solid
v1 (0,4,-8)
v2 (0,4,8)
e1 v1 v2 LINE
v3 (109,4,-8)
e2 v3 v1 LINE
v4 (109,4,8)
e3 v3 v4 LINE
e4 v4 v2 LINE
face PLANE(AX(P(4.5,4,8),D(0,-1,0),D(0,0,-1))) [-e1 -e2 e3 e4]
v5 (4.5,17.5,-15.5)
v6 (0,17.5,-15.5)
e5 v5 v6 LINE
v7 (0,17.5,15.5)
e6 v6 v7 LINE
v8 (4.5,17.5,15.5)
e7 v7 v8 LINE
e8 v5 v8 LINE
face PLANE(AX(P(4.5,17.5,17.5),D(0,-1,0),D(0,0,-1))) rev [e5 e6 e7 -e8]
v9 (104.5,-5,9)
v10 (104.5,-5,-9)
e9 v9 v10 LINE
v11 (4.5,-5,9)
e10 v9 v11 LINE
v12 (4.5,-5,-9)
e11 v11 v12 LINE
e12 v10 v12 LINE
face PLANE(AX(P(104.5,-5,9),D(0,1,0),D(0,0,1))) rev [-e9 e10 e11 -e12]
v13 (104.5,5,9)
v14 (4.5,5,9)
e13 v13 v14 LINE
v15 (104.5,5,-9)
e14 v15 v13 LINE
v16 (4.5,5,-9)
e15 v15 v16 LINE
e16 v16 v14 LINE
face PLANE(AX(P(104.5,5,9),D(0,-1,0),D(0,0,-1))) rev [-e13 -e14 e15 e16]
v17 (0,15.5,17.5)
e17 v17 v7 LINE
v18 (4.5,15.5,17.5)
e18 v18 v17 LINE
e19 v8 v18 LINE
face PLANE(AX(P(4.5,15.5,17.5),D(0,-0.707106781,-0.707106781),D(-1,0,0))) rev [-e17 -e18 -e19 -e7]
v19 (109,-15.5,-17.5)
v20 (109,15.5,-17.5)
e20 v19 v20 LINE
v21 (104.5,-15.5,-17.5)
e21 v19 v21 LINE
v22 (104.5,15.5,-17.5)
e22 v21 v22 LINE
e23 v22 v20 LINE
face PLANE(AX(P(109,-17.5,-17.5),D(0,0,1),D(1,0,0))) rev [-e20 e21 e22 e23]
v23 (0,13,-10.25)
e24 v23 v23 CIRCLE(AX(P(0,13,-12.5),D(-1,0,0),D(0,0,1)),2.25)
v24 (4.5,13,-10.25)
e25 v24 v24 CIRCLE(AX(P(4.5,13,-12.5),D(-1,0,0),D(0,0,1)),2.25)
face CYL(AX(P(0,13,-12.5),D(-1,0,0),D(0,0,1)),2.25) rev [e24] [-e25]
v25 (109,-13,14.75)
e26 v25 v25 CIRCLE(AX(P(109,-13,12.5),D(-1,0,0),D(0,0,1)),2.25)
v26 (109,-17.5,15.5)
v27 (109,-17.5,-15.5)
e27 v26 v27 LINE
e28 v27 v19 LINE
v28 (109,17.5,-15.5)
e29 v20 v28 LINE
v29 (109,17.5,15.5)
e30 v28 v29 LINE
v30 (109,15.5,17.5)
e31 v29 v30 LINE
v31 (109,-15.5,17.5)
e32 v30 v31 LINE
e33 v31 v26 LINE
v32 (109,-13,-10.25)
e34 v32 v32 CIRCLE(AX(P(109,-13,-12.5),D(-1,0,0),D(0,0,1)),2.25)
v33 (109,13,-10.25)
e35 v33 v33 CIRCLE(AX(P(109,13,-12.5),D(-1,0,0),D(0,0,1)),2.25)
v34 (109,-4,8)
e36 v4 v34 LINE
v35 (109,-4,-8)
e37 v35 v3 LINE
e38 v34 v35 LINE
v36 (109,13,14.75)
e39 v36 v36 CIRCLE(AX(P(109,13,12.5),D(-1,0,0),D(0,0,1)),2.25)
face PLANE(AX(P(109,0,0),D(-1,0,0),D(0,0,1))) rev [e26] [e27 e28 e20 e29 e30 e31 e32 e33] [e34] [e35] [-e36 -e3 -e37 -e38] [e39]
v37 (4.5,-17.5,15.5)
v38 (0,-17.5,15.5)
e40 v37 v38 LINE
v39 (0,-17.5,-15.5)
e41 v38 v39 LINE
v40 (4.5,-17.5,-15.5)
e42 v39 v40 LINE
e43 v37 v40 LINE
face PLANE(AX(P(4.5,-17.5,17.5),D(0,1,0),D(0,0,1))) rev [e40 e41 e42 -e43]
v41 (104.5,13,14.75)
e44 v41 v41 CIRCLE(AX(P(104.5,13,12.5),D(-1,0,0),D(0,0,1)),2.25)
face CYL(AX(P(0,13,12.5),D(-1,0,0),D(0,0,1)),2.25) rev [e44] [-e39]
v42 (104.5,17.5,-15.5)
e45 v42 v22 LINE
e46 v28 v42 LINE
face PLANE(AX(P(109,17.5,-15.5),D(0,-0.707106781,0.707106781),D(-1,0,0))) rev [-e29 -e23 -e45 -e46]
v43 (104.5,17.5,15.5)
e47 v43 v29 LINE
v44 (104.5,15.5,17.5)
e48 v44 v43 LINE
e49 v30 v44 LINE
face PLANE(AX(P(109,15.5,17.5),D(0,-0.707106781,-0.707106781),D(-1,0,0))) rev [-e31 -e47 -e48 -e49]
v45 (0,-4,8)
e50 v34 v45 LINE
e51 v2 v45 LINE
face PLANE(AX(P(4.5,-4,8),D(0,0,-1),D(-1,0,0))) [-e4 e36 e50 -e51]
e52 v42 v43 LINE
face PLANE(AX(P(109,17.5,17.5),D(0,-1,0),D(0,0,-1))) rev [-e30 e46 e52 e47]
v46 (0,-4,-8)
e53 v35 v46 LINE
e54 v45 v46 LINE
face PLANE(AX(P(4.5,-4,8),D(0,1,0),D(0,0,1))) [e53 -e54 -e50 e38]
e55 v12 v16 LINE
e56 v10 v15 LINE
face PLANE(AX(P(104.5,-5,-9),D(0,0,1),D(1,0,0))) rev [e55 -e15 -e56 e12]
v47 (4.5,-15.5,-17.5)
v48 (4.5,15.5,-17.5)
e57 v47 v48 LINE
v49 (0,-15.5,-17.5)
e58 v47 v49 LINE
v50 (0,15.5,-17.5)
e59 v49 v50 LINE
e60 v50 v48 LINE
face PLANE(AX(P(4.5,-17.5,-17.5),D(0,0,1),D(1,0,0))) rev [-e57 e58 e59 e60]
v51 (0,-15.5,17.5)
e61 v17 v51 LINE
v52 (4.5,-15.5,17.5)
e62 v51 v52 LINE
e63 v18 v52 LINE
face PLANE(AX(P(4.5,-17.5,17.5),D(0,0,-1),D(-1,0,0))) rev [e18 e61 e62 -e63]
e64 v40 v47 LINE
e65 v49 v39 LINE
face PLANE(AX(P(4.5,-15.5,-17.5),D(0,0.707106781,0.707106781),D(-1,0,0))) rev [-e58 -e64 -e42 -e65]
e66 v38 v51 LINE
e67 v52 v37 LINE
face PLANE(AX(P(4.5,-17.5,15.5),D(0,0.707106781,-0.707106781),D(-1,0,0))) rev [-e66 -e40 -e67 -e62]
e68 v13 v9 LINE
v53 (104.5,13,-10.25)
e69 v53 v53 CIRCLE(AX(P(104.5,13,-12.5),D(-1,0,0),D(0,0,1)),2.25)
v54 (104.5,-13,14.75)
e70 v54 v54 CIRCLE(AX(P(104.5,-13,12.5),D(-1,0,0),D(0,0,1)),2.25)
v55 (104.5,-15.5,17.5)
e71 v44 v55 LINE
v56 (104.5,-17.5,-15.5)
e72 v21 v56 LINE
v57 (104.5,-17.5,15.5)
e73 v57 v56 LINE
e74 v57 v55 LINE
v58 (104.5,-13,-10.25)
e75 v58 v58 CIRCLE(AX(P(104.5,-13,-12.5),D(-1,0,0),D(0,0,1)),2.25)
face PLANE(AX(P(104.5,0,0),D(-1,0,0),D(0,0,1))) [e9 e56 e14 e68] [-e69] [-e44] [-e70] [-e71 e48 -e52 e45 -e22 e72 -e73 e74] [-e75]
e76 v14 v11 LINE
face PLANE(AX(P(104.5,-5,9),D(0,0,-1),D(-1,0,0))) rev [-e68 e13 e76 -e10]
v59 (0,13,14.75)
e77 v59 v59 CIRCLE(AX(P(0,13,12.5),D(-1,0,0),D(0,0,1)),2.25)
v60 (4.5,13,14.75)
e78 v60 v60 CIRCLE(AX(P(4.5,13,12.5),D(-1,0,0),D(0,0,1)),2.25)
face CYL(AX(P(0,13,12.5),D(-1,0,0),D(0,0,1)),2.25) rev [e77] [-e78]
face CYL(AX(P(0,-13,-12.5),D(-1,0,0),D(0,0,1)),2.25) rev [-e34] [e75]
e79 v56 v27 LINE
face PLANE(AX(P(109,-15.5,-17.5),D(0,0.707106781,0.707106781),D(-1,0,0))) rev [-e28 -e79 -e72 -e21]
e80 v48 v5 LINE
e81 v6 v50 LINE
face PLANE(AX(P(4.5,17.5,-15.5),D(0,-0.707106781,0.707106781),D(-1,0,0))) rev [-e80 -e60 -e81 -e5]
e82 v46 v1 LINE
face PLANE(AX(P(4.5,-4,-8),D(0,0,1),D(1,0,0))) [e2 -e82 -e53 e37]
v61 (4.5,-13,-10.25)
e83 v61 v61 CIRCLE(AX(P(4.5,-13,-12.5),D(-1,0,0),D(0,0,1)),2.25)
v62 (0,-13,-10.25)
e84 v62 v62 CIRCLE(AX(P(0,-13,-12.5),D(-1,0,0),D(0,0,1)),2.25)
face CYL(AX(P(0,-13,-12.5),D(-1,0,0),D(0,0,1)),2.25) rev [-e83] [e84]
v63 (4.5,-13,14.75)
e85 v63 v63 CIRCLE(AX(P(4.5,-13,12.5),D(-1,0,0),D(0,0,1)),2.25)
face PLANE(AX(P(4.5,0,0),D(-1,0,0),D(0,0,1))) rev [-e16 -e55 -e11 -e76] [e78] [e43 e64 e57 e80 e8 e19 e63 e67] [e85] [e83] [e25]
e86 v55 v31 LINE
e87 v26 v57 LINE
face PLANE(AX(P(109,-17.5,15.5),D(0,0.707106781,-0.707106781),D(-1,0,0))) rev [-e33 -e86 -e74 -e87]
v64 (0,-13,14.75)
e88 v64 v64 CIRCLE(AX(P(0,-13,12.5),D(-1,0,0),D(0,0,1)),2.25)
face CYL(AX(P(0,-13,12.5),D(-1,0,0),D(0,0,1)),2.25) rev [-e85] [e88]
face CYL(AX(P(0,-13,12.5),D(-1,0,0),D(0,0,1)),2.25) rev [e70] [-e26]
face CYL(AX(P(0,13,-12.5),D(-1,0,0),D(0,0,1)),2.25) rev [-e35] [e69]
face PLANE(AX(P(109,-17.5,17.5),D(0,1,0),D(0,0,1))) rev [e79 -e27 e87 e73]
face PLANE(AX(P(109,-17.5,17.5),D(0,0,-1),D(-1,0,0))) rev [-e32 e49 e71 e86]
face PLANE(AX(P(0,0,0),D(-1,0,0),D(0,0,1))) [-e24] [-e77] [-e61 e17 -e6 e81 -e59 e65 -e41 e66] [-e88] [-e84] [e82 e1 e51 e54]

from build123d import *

# Parameters (mm, degrees)
SKETCH_1_W                  = 35
SKETCH_1_H                  = 35
SKETCH_1_W_2                = 16
SKETCH_1_H_2                = 8
EXTRUDE_1_DEPTH             = 4.5
CHAMFER_1_SIZE              = 2
SKETCH_4_W                  = 18
SKETCH_4_H                  = 10
SKETCH_4_W_2                = 16
SKETCH_4_H_2                = 8
EXTRUDE_2_DEPTH             = 100
SKETCH_5_W                  = 35
SKETCH_5_H                  = 35
SKETCH_5_W_2                = 16
SKETCH_5_H_2                = 8
EXTRUDE_3_DEPTH             = 4.5
CHAMFER_2_SIZE              = 2
HOLE_WIZARD_4_5_4_5_2_D     = 4.5
PATTERN_LINEAR_1_COUNT      = 2
PATTERN_LINEAR_1_PITCH      = 25
PATTERN_LINEAR_1_COUNT_DIR2 = 2
PATTERN_LINEAR_1_PITCH_DIR2 = 26


with BuildPart() as part:
    # Эскиз1 → Бобышка-Вытянуть1 (new body)
    with BuildSketch(Plane(origin=(0, 0, 0), x_dir=(0, 0, -1), z_dir=(1, 0, 0))):
        Rectangle(SKETCH_1_W, SKETCH_1_H)
        Rectangle(SKETCH_1_W_2, SKETCH_1_H_2, mode=Mode.SUBTRACT)
    extrude(amount=EXTRUDE_1_DEPTH)

    # Фаска1
    chamfer_1_edges = [part.edges().sort_by_distance(p)[0] for p in [
        (2.25, -17.5, -17.5),
        (2.25, -17.5, 17.5),
        (2.25, 17.5, 17.5),
        (2.25, 17.5, -17.5),
    ]]
    chamfer(chamfer_1_edges, length=CHAMFER_1_SIZE)

    # Эскиз4 → Бобышка-Вытянуть2 (add)
    with BuildSketch(Plane(origin=(4.5, 0, 0), x_dir=(0, 0, -1), z_dir=(1, 0, 0))):
        Rectangle(SKETCH_4_W, SKETCH_4_H)
        Rectangle(SKETCH_4_W_2, SKETCH_4_H_2, mode=Mode.SUBTRACT)
    extrude(amount=EXTRUDE_2_DEPTH)

    # Эскиз5 → Бобышка-Вытянуть3 (add)
    with BuildSketch(Plane(origin=(104.5, 0, 0), x_dir=(0, 0, -1), z_dir=(1, 0, 0))):
        Rectangle(SKETCH_5_W, SKETCH_5_H)
        Rectangle(SKETCH_5_W_2, SKETCH_5_H_2, mode=Mode.SUBTRACT)
    extrude(amount=EXTRUDE_3_DEPTH)

    # Фаска2
    chamfer_2_edges = [part.edges().sort_by_distance(p)[0] for p in [
        (106.75, -17.5, -17.5),
        (106.75, 17.5, -17.5),
        (106.75, 17.5, 17.5),
        (106.75, -17.5, 17.5),
    ]]
    chamfer(chamfer_2_edges, length=CHAMFER_2_SIZE)

    # Диаметр отверстия Ø4.5 (4.5)2 (through all)
    with Locations(Plane(origin=(0, 13, 12.5), x_dir=(0, 0, -1), z_dir=(-1, 0, 0))):
        with Locations((0, 0)):
            hole_wizard_4_5_4_5_2 = Hole(HOLE_WIZARD_4_5_4_5_2_D / 2)

    # Линейный массив1: Hole Wizard 4.5 _4.5_2 2 × 2
    with Locations(*[(0, -j * PATTERN_LINEAR_1_PITCH_DIR2, -i * PATTERN_LINEAR_1_PITCH) for i in range(PATTERN_LINEAR_1_COUNT) for j in range(PATTERN_LINEAR_1_COUNT_DIR2) if (i, j) != (0, 0)]):
        add(hole_wizard_4_5_4_5_2, mode=Mode.SUBTRACT)


solid = part.part
